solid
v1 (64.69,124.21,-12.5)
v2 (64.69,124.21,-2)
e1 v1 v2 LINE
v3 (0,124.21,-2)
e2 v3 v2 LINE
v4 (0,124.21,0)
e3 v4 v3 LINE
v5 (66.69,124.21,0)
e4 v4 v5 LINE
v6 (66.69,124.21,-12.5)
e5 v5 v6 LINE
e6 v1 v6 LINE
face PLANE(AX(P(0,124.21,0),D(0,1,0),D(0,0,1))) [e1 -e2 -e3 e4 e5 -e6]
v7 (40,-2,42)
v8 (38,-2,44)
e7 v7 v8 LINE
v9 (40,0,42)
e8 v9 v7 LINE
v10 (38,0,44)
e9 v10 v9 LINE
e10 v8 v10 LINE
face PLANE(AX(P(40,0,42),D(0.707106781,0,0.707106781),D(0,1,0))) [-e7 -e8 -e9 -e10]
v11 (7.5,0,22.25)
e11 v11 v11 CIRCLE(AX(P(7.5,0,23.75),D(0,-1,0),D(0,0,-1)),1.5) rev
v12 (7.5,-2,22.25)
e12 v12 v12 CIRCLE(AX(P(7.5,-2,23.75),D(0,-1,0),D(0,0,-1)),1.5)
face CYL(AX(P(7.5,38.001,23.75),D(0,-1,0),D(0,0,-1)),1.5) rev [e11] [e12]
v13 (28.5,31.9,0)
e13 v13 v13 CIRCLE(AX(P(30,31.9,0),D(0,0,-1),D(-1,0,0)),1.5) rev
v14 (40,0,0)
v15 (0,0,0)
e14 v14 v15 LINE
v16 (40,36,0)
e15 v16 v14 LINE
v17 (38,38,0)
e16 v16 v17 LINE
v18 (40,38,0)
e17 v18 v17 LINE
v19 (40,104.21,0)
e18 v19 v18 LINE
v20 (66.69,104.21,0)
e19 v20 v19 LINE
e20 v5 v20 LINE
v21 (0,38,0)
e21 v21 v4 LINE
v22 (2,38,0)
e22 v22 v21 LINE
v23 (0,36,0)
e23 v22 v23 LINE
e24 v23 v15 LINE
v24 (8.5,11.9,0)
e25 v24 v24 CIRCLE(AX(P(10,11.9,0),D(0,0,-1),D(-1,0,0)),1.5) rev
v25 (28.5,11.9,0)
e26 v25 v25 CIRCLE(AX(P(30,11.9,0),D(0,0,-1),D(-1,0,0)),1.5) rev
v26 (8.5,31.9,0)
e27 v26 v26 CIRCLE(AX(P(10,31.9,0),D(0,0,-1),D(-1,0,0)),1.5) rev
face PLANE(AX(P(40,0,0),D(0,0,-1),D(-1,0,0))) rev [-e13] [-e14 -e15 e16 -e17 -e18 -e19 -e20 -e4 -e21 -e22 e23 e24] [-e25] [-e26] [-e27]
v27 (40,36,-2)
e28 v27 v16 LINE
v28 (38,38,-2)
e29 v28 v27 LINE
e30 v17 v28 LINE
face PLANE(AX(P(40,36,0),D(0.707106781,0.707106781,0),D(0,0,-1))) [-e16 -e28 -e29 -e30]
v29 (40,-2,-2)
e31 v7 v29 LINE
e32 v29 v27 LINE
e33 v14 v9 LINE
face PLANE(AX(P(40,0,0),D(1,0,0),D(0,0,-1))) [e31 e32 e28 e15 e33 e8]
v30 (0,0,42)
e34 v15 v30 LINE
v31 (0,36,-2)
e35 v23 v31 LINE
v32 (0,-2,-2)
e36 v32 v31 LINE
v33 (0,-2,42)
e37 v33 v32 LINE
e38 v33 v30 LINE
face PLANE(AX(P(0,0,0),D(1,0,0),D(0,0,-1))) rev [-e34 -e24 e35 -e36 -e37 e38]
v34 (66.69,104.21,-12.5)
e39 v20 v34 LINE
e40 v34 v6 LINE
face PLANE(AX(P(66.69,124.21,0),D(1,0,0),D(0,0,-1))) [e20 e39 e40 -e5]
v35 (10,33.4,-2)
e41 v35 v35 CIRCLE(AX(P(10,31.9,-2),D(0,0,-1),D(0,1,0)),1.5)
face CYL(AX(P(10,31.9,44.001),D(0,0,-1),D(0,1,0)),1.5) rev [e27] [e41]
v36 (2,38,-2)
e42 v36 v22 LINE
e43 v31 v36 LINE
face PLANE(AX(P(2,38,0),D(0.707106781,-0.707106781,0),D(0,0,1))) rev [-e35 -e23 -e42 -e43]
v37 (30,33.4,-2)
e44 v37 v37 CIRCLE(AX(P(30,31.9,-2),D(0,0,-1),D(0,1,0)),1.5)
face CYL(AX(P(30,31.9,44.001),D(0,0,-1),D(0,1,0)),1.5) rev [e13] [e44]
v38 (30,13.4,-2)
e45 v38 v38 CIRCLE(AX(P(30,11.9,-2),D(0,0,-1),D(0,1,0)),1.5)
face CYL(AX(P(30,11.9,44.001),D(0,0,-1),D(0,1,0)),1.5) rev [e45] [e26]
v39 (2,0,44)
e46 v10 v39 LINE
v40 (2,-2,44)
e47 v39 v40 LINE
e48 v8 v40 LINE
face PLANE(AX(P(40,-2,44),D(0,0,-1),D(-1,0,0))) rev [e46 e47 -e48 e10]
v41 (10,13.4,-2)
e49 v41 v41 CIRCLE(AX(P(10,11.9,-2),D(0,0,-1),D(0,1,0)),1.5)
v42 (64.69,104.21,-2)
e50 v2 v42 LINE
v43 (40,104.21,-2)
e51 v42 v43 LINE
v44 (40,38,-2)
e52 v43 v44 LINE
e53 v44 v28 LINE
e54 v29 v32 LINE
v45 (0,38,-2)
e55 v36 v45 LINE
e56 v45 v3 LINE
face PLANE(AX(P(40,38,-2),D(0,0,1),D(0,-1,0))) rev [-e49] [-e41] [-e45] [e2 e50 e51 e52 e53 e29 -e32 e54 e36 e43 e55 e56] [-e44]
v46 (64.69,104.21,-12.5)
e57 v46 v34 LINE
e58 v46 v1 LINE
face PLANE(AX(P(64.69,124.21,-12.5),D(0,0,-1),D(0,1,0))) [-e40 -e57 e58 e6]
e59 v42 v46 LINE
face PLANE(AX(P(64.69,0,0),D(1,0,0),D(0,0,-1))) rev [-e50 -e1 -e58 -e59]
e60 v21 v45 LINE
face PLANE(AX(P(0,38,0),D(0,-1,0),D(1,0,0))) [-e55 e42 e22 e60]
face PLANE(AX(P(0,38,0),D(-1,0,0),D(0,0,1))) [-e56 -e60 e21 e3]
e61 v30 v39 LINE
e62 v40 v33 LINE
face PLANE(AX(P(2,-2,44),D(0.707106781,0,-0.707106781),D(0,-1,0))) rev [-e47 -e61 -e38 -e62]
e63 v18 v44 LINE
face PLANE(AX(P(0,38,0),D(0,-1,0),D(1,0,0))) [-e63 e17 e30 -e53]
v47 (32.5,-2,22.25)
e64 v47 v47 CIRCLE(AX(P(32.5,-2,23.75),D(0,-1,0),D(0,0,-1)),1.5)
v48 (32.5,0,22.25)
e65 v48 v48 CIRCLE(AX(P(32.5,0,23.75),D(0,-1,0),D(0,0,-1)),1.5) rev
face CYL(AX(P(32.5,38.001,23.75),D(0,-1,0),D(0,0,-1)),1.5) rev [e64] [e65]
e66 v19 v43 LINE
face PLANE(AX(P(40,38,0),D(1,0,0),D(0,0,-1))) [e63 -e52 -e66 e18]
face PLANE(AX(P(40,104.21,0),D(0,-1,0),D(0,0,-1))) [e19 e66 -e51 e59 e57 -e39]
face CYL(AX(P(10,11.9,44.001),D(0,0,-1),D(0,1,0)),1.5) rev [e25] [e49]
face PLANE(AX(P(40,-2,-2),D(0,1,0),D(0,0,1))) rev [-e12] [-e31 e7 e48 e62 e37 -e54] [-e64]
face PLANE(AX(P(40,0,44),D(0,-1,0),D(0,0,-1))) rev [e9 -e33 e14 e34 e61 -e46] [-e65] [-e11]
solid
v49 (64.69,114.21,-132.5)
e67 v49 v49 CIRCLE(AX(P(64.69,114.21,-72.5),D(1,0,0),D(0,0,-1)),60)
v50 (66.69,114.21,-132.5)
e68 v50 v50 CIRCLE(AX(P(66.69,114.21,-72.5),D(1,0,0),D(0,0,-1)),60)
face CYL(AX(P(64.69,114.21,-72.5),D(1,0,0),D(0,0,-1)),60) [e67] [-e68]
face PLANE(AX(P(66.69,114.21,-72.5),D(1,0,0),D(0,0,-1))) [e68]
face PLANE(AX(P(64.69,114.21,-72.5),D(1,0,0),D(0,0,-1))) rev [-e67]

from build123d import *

# Parameters (mm, degrees)
EXTRUDE1_DEPTH      = 40
EXTRUDE2_REACH      = 42
SKETCH2_R           = 1.5
EXTRUDE3_REACH      = 48
SKETCH3_R           = 1.5
CHAMFER1_SIZE       = 2
SKETCH9_W           = 40
SKETCH9_H           = 86.21
BOSS_EXTRUDE1_DEPTH = 2
SKETCH11_W          = 26.69
SKETCH11_H          = 20
BOSS_EXTRUDE2_DEPTH = 2
SKETCH13_W          = 10.5
SKETCH13_H          = 20
BOSS_EXTRUDE3_DEPTH = 2
SKETCH14_R          = 60
BOSS_EXTRUDE4_DEPTH = 2


with BuildPart() as part:
    # Sketch1 → Extrude1 (new body)
    with BuildSketch(Plane(origin=(0, 0, 0), x_dir=(0, 0, -1), z_dir=(1, 0, 0))):
        Polygon((0, 0), (0, 38), (2, 38), (2, -2), (-44, -2), (-44, 0), align=None)
    extrude(amount=EXTRUDE1_DEPTH)

    # Sketch2 → Extrude2 (cut, up to next)
    with BuildSketch(Plane(origin=(0, -2, 0), x_dir=(-1, 0, 0), z_dir=(0, -1, 0)), mode=Mode.PRIVATE) as extrude2_sk1:
        with Locations((-32.5, -23.75)):
            Circle(SKETCH2_R)
    extrude2_tool1 = extrude(extrude2_sk1.sketch, amount=-EXTRUDE2_REACH, mode=Mode.PRIVATE) & part.part
    add(extrude2_tool1.solids().sort_by_distance((32.5, -2, 23.75))[0], mode=Mode.SUBTRACT)
    # Sketch2 → Extrude2 (cut, up to next)
    with BuildSketch(Plane(origin=(0, -2, 0), x_dir=(-1, 0, 0), z_dir=(0, -1, 0)), mode=Mode.PRIVATE) as extrude2_sk2:
        with Locations((-7.5, -23.75)):
            Circle(SKETCH2_R)
    extrude2_tool2 = extrude(extrude2_sk2.sketch, amount=-EXTRUDE2_REACH, mode=Mode.PRIVATE) & part.part
    add(extrude2_tool2.solids().sort_by_distance((7.5, -2, 23.75))[0], mode=Mode.SUBTRACT)

    # Sketch3 → Extrude3 (cut, up to next)
    with BuildSketch(Plane(origin=(0, 0, -2), x_dir=(-1, 0, 0), z_dir=(0, 0, -1)), mode=Mode.PRIVATE) as extrude3_sk1:
        with Locations((-10, 31.9)):
            Circle(SKETCH3_R)
    extrude3_tool1 = extrude(extrude3_sk1.sketch, amount=-EXTRUDE3_REACH, mode=Mode.PRIVATE) & part.part
    add(extrude3_tool1.solids().sort_by_distance((10, 31.9, -2))[0], mode=Mode.SUBTRACT)
    # Sketch3 → Extrude3 (cut, up to next)
    with BuildSketch(Plane(origin=(0, 0, -2), x_dir=(-1, 0, 0), z_dir=(0, 0, -1)), mode=Mode.PRIVATE) as extrude3_sk2:
        with Locations((-30, 31.9)):
            Circle(SKETCH3_R)
    extrude3_tool2 = extrude(extrude3_sk2.sketch, amount=-EXTRUDE3_REACH, mode=Mode.PRIVATE) & part.part
    add(extrude3_tool2.solids().sort_by_distance((30, 31.9, -2))[0], mode=Mode.SUBTRACT)
    # Sketch3 → Extrude3 (cut, up to next)
    with BuildSketch(Plane(origin=(0, 0, -2), x_dir=(-1, 0, 0), z_dir=(0, 0, -1)), mode=Mode.PRIVATE) as extrude3_sk3:
        with Locations((-30, 11.9)):
            Circle(SKETCH3_R)
    extrude3_tool3 = extrude(extrude3_sk3.sketch, amount=-EXTRUDE3_REACH, mode=Mode.PRIVATE) & part.part
    add(extrude3_tool3.solids().sort_by_distance((30, 11.9, -2))[0], mode=Mode.SUBTRACT)
    # Sketch3 → Extrude3 (cut, up to next)
    with BuildSketch(Plane(origin=(0, 0, -2), x_dir=(-1, 0, 0), z_dir=(0, 0, -1)), mode=Mode.PRIVATE) as extrude3_sk4:
        with Locations((-10, 11.9)):
            Circle(SKETCH3_R)
    extrude3_tool4 = extrude(extrude3_sk4.sketch, amount=-EXTRUDE3_REACH, mode=Mode.PRIVATE) & part.part
    add(extrude3_tool4.solids().sort_by_distance((10, 11.9, -2))[0], mode=Mode.SUBTRACT)

    # Chamfer1
    chamfer1_edges = [part.edges().sort_by_distance(p)[0] for p in [
        (40, 38, -1),
        (0, 38, -1),
        (40, -1, 44),
        (0, -1, 44),
    ]]
    chamfer(chamfer1_edges, length=CHAMFER1_SIZE)

    # Sketch9 → Boss-Extrude1 (add)
    with BuildSketch(Plane(origin=(0, 0, -2), x_dir=(-1, 0, 0), z_dir=(0, 0, -1))):
        with Locations((-20, 81.105)):
            Rectangle(SKETCH9_W, SKETCH9_H)
    extrude(amount=-BOSS_EXTRUDE1_DEPTH)

    # Sketch11 → Boss-Extrude2 (add)
    with BuildSketch(Plane(origin=(0, 0, -2), x_dir=(-1, 0, 0), z_dir=(0, 0, -1))):
        with Locations((-53.345, 114.21)):
            Rectangle(SKETCH11_W, SKETCH11_H)
    extrude(amount=-BOSS_EXTRUDE2_DEPTH)

    # Sketch13 → Boss-Extrude3 (add)
    with BuildSketch(Plane(origin=(66.69, 0, 0), x_dir=(0, 0, -1), z_dir=(1, 0, 0))):
        with Locations((7.25, 114.21)):
            Rectangle(SKETCH13_W, SKETCH13_H)
    extrude(amount=-BOSS_EXTRUDE3_DEPTH)


with BuildPart() as body_2:
    # Sketch14 → Boss-Extrude4 (new body)
    with BuildSketch(Plane(origin=(66.69, 0, 0), x_dir=(0, 0, -1), z_dir=(1, 0, 0))):
        with Locations((72.5, 114.21)):
            Circle(SKETCH14_R)
    extrude(amount=-BOSS_EXTRUDE4_DEPTH)


solid = Compound([part.part, body_2.part])
